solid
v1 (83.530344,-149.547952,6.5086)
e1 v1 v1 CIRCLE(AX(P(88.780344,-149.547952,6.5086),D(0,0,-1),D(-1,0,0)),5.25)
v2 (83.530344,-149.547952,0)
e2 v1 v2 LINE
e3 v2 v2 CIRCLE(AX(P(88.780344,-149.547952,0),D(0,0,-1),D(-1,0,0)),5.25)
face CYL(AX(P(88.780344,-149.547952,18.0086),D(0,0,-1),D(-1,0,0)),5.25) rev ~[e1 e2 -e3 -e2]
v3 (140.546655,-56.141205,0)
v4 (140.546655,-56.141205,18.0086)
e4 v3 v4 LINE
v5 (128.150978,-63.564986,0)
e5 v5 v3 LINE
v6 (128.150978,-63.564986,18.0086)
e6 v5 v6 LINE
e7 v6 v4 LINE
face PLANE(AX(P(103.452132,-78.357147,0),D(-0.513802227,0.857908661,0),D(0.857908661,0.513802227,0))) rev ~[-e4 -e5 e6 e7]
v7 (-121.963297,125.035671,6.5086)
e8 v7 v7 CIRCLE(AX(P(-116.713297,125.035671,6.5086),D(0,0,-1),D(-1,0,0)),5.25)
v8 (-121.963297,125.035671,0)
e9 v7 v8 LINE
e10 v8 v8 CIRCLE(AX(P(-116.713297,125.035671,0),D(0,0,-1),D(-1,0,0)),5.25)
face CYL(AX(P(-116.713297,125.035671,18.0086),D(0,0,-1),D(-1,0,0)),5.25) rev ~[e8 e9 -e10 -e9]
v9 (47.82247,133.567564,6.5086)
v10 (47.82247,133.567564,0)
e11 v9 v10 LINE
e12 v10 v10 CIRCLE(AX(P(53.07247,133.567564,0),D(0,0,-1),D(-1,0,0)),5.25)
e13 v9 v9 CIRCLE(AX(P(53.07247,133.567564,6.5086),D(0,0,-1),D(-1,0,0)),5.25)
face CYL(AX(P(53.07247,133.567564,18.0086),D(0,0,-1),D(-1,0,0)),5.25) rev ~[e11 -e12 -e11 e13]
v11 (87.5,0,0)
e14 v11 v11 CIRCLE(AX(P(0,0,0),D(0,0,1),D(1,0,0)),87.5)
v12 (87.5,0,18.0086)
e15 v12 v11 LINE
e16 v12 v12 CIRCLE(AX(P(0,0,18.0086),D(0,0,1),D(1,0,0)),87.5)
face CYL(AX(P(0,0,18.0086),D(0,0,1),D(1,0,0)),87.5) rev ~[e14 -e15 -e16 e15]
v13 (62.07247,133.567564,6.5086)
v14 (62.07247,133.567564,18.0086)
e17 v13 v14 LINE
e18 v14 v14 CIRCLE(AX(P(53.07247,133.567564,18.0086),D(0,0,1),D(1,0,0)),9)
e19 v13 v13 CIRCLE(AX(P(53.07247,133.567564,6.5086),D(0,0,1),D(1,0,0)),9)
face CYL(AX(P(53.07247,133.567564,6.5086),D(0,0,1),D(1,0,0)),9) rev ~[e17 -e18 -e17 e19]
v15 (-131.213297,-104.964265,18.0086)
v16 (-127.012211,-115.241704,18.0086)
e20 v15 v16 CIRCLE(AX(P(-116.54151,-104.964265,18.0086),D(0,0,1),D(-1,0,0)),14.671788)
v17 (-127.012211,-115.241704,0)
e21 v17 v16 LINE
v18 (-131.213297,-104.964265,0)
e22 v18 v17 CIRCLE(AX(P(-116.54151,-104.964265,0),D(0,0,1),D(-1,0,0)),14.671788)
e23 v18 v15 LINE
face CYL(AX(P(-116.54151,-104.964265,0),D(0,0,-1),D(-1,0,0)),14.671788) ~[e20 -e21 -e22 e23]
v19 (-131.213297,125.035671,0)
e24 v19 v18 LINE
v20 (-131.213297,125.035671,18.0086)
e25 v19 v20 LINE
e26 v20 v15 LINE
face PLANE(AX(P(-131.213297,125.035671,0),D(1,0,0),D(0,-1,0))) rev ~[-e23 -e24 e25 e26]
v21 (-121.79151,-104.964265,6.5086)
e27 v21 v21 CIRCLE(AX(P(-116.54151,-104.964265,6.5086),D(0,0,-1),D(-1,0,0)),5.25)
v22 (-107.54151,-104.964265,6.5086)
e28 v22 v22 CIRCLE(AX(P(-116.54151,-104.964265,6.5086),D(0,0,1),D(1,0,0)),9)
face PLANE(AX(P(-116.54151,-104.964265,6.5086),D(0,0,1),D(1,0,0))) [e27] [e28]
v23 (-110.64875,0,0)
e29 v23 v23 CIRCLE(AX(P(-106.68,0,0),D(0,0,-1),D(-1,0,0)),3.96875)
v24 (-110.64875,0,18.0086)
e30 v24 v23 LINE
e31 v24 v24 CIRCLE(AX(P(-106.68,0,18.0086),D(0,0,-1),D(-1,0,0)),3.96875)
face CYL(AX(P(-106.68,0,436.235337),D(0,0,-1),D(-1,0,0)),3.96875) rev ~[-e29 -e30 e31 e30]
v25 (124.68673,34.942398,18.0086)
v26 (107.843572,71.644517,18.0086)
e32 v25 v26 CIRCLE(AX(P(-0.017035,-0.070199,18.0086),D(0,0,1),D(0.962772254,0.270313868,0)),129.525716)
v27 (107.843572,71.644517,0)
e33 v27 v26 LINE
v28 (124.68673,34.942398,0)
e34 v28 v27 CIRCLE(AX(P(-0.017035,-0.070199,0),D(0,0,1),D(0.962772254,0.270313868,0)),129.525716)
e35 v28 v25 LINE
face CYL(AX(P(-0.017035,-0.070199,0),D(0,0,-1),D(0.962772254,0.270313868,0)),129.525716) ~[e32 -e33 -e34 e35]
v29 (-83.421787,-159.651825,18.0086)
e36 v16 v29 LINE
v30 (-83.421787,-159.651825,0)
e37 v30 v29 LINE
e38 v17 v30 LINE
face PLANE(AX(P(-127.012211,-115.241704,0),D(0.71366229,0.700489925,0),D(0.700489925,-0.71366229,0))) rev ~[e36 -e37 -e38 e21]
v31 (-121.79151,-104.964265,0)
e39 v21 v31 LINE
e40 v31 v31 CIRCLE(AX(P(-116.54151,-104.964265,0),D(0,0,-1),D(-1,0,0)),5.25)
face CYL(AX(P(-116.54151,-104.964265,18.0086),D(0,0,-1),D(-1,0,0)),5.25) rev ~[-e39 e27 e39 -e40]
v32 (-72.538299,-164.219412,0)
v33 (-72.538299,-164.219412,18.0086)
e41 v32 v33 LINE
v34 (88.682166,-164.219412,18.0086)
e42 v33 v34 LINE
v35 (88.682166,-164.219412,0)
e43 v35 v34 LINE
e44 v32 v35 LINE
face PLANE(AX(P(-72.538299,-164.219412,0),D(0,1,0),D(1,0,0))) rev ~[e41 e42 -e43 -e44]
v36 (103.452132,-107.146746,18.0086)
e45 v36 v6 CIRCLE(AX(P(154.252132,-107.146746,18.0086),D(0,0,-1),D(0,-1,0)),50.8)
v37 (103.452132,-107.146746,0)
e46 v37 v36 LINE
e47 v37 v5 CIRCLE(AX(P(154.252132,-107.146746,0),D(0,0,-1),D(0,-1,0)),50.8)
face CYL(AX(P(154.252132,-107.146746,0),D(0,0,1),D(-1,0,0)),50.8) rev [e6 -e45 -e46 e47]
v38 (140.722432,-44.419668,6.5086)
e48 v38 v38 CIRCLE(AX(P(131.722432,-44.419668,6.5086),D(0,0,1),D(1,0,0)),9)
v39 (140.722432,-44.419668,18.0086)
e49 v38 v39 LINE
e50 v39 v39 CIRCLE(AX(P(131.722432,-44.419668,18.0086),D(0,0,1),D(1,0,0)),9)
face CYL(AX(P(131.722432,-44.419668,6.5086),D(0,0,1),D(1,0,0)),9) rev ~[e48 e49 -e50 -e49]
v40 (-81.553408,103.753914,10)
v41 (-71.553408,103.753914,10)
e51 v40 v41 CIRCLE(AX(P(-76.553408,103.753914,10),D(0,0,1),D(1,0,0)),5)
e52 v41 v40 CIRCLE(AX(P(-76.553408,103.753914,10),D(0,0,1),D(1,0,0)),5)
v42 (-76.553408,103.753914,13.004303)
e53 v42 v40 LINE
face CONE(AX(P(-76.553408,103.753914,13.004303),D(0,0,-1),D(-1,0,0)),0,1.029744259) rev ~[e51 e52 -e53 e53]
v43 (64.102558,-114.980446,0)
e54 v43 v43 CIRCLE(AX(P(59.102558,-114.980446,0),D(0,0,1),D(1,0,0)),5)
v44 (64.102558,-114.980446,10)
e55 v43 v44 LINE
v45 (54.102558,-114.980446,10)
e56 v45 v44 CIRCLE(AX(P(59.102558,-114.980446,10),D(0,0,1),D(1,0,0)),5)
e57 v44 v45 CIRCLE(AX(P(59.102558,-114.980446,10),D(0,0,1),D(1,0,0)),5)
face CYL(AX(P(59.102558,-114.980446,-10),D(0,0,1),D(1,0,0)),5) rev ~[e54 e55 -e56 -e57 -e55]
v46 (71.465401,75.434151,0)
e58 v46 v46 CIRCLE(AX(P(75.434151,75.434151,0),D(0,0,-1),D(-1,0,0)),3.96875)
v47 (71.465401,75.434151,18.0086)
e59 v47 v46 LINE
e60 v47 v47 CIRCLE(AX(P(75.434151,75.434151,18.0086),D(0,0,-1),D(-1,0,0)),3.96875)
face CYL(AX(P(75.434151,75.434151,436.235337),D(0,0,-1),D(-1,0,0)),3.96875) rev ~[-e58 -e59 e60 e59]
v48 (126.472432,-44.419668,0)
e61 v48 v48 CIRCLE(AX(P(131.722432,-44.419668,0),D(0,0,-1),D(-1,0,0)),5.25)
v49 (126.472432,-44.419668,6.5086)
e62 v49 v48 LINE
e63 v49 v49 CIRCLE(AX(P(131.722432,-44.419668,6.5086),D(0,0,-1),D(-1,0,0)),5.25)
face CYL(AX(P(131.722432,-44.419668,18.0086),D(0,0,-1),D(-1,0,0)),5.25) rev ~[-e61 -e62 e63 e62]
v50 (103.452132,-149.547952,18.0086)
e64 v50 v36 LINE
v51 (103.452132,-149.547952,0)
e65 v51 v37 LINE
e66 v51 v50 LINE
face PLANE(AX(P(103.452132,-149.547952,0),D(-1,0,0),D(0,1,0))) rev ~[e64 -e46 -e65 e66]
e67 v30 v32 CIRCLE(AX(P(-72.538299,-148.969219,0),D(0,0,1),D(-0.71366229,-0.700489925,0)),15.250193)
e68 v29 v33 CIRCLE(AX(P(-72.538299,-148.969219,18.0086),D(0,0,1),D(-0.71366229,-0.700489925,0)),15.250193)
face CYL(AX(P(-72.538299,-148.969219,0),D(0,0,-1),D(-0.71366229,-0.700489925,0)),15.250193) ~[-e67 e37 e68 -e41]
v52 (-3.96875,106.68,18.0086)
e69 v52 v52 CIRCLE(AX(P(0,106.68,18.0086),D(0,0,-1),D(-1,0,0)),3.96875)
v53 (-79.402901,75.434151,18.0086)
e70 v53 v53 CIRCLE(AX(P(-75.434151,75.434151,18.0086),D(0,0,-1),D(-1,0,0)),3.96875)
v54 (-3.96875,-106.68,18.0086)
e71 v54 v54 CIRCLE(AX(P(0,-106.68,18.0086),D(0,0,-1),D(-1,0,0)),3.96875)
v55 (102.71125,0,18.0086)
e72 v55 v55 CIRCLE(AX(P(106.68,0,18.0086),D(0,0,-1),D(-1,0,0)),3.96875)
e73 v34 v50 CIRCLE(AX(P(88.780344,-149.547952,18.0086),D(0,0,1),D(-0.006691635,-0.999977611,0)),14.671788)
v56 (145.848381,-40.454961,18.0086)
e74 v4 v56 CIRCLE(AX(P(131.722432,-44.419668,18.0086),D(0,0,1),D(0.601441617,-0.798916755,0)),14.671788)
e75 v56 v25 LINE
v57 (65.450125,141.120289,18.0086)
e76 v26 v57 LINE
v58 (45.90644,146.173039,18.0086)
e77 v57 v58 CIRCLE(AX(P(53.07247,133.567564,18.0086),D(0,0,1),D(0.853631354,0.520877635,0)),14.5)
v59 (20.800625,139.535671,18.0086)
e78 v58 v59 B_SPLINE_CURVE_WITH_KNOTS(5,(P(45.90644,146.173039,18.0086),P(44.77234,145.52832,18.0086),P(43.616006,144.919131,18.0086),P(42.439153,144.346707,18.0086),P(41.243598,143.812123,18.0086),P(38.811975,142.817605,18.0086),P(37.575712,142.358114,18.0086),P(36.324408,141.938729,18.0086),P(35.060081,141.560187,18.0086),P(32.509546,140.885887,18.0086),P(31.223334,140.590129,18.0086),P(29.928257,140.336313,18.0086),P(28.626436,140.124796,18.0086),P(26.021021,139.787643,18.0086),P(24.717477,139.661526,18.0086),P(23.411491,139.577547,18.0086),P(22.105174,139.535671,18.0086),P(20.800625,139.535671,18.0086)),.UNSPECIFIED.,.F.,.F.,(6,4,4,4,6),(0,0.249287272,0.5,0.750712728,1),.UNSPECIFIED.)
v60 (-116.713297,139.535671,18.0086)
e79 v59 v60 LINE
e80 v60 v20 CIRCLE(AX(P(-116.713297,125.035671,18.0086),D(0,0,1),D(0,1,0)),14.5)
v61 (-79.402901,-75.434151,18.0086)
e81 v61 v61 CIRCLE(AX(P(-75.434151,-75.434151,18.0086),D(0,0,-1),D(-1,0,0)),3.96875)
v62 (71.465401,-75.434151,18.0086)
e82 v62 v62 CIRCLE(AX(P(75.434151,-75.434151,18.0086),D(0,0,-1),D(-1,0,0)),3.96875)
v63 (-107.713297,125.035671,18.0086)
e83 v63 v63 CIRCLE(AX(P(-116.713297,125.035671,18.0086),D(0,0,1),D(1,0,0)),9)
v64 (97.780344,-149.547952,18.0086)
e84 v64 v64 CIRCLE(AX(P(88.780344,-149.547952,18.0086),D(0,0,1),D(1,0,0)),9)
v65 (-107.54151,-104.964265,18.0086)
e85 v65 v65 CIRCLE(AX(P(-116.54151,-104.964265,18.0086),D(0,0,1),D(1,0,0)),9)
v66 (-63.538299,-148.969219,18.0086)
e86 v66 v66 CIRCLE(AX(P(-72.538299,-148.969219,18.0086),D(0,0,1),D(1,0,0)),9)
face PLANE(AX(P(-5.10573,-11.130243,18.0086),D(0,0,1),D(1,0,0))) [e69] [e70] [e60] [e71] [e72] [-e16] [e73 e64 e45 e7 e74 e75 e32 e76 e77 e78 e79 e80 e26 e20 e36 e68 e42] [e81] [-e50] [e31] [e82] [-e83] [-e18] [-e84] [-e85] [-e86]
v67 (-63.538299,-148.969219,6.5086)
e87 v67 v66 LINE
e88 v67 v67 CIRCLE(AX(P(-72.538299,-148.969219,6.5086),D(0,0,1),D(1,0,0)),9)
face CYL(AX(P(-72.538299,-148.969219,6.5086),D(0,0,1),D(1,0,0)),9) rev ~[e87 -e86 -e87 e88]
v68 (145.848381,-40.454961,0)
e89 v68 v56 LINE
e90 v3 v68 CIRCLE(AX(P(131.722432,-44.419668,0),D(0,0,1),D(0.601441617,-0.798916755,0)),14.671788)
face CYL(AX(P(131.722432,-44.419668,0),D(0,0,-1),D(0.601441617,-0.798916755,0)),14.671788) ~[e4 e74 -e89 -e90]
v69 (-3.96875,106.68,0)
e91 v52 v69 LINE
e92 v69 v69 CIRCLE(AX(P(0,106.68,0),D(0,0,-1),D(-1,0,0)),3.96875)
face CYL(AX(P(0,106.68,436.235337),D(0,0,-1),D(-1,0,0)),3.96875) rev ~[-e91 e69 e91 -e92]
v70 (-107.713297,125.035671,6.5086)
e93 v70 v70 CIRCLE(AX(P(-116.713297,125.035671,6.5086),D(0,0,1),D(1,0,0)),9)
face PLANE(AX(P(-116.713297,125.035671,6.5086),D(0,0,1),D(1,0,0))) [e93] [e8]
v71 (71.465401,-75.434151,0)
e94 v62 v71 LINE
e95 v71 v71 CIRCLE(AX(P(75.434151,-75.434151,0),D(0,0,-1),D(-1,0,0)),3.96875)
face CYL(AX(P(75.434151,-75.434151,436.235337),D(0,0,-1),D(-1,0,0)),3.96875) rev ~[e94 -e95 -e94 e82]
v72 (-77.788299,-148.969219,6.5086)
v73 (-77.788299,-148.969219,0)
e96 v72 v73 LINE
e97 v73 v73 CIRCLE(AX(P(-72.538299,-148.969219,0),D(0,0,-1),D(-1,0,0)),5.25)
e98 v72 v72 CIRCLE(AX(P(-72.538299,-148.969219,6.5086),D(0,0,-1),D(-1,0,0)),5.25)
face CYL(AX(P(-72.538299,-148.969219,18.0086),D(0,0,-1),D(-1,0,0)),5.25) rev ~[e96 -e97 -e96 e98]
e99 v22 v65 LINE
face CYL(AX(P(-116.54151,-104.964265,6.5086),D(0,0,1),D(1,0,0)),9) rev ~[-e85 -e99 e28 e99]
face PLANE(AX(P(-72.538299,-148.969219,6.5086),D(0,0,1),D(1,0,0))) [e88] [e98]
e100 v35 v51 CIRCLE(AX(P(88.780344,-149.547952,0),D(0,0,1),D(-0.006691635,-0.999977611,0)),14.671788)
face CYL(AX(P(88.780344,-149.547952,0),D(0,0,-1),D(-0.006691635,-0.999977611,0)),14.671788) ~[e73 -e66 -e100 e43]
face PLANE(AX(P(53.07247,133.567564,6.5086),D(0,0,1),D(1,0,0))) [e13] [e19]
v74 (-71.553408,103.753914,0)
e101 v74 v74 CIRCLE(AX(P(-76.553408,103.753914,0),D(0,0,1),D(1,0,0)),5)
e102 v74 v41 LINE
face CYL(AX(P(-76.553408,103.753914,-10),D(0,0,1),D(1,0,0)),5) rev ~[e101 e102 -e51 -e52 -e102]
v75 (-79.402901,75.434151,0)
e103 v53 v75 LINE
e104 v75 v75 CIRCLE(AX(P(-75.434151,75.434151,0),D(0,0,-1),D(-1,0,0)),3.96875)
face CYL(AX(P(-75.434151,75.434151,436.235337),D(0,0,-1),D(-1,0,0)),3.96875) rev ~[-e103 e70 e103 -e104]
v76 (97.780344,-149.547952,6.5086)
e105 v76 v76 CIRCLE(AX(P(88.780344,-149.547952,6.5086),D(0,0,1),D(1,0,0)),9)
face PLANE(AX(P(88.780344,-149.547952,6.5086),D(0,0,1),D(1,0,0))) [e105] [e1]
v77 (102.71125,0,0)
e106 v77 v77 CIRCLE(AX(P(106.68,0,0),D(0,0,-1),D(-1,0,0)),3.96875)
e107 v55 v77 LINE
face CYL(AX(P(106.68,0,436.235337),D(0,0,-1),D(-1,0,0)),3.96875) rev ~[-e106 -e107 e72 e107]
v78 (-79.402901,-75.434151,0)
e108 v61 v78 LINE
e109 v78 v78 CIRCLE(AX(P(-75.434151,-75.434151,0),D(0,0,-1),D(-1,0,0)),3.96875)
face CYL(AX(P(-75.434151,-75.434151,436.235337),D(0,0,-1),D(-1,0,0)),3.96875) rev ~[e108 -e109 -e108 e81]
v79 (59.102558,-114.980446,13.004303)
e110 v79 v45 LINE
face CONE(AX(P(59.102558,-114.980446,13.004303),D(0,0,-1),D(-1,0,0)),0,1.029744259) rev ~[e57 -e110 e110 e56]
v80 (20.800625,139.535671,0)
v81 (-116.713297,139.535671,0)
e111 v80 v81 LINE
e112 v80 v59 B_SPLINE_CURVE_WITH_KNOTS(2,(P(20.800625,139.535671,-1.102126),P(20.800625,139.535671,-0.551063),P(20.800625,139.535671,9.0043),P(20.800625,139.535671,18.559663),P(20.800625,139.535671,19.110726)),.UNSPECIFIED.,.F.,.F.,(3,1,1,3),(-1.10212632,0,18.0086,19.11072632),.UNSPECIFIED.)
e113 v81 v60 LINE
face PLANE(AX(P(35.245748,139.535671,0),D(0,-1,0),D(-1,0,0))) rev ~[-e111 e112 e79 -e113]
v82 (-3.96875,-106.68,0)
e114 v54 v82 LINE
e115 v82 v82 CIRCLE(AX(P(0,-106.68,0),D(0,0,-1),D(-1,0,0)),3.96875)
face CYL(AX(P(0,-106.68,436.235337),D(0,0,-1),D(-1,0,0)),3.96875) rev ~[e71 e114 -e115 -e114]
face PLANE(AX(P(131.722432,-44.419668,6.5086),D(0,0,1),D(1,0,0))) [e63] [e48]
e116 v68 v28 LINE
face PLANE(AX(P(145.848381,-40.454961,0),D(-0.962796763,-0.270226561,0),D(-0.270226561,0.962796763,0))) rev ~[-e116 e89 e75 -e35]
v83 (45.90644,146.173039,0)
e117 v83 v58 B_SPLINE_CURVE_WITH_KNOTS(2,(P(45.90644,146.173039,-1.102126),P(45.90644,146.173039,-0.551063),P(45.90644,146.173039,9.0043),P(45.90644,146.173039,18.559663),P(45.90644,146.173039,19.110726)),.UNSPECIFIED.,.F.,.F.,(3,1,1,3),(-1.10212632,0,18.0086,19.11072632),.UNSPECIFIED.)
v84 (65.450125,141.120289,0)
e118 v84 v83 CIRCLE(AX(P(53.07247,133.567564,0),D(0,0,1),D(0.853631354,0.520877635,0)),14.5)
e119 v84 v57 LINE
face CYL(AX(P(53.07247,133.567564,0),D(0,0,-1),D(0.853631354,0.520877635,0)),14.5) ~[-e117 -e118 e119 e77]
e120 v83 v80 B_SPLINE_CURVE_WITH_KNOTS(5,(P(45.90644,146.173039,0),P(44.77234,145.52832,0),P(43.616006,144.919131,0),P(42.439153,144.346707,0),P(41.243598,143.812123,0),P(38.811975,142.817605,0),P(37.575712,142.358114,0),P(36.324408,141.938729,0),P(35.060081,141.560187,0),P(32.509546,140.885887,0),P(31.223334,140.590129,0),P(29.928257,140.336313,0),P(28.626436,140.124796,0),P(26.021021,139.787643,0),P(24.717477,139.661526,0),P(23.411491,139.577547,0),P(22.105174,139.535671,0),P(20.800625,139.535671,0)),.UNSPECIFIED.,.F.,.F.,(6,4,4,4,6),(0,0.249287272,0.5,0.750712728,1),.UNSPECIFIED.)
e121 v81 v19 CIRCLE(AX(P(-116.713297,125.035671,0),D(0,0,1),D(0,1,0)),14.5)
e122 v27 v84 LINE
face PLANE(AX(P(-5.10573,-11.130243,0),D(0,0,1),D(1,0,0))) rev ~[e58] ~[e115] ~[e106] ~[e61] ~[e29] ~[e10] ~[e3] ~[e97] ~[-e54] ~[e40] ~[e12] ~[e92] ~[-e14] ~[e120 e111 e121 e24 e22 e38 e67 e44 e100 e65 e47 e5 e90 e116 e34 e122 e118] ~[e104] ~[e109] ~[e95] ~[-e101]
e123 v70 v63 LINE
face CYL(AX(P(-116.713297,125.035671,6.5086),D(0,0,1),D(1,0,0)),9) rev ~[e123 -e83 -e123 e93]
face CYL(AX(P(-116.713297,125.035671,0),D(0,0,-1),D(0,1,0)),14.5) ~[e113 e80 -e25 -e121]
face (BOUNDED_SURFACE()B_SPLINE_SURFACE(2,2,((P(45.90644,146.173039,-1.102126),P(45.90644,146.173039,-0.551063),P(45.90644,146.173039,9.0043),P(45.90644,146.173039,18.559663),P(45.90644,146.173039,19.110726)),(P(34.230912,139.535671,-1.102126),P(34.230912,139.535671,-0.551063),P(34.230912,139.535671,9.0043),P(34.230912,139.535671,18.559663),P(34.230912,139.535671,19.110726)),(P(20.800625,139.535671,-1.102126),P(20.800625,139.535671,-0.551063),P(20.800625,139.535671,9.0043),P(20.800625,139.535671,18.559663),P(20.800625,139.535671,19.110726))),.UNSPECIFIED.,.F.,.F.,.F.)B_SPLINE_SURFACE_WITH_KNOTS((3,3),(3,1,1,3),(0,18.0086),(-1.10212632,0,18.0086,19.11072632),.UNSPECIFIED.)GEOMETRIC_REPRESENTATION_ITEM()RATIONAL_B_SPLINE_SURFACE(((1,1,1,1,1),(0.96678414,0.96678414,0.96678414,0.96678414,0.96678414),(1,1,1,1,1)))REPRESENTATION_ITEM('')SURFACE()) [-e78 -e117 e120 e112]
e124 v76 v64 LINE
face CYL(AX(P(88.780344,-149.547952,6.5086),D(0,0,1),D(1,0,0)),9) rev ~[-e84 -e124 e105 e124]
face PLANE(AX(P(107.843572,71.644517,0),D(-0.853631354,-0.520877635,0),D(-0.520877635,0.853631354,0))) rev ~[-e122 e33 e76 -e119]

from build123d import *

# Parameters (mm, degrees)
BOSS_EXTRUDE1_DEPTH             = 18.0086
FILLET2_R                       = 50.8
CBORE_FOR_M10_SHCS7_D           = 10.5
CBORE_FOR_M10_SHCS7_CBORE_D     = 18
CBORE_FOR_M10_SHCS7_CBORE_DEPTH = 11.5
F_10_0MM_DOWEL_HOLE3_D          = 10
F_10_0MM_DOWEL_HOLE3_DEPTH      = 10
F_10_0MM_DOWEL_HOLE3_TIP        = 3.004303095
SKETCH79_R                      = 87.5
CUT_EXTRUDE3_DEPTH              = 221.734456483
F_3_8_16_TAPPED_HOLE3_D         = 7.9375


with BuildPart() as part:
    # Sketch1 → Boss-Extrude1 (new body)
    with BuildSketch(Plane.XY):
        with BuildLine():
            Line((103.452131625, -149.547952394), (103.452131625, -78.357146561))
            Line((103.452131625, -78.357146561), (140.546655396, -56.14120472))
            ThreePointArc((140.546655396, -56.14120472), (145.621790531, -49.117452101), (145.848381407, -40.454960885))
            Line((145.848381407, -40.454960885), (124.68673049, 34.942398048))
            ThreePointArc((124.68673049, 34.942398048), (117.704280966, 53.953895974), (107.843572082, 71.644517079))
            Line((107.843572082, 71.644517079), (65.450124697, 141.120289253))
            ThreePointArc((65.450124697, 141.120289253), (56.413981198, 147.677287258), (45.396832362, 145.869375848))
            Line((45.396832362, 145.869375848), (35.245747779, 139.53567106))
            Line((35.245747779, 139.53567106), (-116.713297339, 139.53567106))
            ThreePointArc((-116.713297339, 139.53567106), (-126.966345666, 135.288719387), (-131.213297339, 125.03567106))
            Line((-131.213297339, 125.03567106), (-131.213297339, -104.964264785))
            ThreePointArc((-131.213297339, -104.964264785), (-130.122475458, -110.515726026), (-127.012211231, -115.241704308))
            Line((-127.012211231, -115.241704308), (-83.421786595, -159.651825232))
            ThreePointArc((-83.421786595, -159.651825232), (-78.439848506, -163.031227751), (-72.538298924, -164.219411681))
            Line((-72.538298924, -164.219411681), (88.682165599, -164.219411681))
            ThreePointArc((88.682165599, -164.219411681), (99.120094961, -159.957126401), (103.452131625, -149.547952394))
        make_face()
    extrude(amount=BOSS_EXTRUDE1_DEPTH)

    # Fillet2
    fillet2_edges = [part.edges().sort_by_distance(p)[0] for p in [
        (35.245747779, 139.53567106, 9.0043),
        (103.452131625, -78.357146561, 9.0043),
    ]]
    fillet(fillet2_edges, radius=FILLET2_R)

    # CBORE for M10 SHCS7 (through all)
    with Locations(Plane.XY.offset(18.0086)):
        with Locations((-116.713297339, 125.03567106), (-116.541509562, -104.964264785), (-72.538298924, -148.969218673), (53.072470058, 133.567563544), (131.722431635, -44.419667636), (88.780343848, -149.547952394)):
            CounterBoreHole(CBORE_FOR_M10_SHCS7_D / 2, CBORE_FOR_M10_SHCS7_CBORE_D / 2, CBORE_FOR_M10_SHCS7_CBORE_DEPTH)

    # Ø10.0mm Dowel Hole3
    with Locations(Plane(origin=(0, 0, 0), x_dir=(-1, 0, 0), z_dir=(0, 0, -1))):
        with Locations((76.55340813, 103.753913834), (-59.102558089, -114.980445858)):
            Hole(F_10_0MM_DOWEL_HOLE3_D / 2, depth=F_10_0MM_DOWEL_HOLE3_DEPTH)
            with Locations((0, 0, -(F_10_0MM_DOWEL_HOLE3_DEPTH + F_10_0MM_DOWEL_HOLE3_TIP / 2))):  # 118° drill point
                Cone(0, F_10_0MM_DOWEL_HOLE3_D / 2, F_10_0MM_DOWEL_HOLE3_TIP, mode=Mode.SUBTRACT)

    # Sketch79 → Cut-Extrude3 (cut, through all)
    with BuildSketch(Plane.XY.offset(18.0086)):
        Circle(SKETCH79_R)
    extrude(amount=-CUT_EXTRUDE3_DEPTH, mode=Mode.SUBTRACT)

    # 3/8-16 Tapped Hole3 (through all)
    with Locations(Plane.XY.offset(18.0086)):
        with Locations((75.434151417, -75.434151417), (75.434151417, 75.434151417), (-75.434151417, 75.434151417), (-75.434151417, -75.434151417), (106.68, 0), (0, -106.68), (0, 106.68), (-106.68, 0)):
            Hole(F_3_8_16_TAPPED_HOLE3_D / 2)


solid = part.part
